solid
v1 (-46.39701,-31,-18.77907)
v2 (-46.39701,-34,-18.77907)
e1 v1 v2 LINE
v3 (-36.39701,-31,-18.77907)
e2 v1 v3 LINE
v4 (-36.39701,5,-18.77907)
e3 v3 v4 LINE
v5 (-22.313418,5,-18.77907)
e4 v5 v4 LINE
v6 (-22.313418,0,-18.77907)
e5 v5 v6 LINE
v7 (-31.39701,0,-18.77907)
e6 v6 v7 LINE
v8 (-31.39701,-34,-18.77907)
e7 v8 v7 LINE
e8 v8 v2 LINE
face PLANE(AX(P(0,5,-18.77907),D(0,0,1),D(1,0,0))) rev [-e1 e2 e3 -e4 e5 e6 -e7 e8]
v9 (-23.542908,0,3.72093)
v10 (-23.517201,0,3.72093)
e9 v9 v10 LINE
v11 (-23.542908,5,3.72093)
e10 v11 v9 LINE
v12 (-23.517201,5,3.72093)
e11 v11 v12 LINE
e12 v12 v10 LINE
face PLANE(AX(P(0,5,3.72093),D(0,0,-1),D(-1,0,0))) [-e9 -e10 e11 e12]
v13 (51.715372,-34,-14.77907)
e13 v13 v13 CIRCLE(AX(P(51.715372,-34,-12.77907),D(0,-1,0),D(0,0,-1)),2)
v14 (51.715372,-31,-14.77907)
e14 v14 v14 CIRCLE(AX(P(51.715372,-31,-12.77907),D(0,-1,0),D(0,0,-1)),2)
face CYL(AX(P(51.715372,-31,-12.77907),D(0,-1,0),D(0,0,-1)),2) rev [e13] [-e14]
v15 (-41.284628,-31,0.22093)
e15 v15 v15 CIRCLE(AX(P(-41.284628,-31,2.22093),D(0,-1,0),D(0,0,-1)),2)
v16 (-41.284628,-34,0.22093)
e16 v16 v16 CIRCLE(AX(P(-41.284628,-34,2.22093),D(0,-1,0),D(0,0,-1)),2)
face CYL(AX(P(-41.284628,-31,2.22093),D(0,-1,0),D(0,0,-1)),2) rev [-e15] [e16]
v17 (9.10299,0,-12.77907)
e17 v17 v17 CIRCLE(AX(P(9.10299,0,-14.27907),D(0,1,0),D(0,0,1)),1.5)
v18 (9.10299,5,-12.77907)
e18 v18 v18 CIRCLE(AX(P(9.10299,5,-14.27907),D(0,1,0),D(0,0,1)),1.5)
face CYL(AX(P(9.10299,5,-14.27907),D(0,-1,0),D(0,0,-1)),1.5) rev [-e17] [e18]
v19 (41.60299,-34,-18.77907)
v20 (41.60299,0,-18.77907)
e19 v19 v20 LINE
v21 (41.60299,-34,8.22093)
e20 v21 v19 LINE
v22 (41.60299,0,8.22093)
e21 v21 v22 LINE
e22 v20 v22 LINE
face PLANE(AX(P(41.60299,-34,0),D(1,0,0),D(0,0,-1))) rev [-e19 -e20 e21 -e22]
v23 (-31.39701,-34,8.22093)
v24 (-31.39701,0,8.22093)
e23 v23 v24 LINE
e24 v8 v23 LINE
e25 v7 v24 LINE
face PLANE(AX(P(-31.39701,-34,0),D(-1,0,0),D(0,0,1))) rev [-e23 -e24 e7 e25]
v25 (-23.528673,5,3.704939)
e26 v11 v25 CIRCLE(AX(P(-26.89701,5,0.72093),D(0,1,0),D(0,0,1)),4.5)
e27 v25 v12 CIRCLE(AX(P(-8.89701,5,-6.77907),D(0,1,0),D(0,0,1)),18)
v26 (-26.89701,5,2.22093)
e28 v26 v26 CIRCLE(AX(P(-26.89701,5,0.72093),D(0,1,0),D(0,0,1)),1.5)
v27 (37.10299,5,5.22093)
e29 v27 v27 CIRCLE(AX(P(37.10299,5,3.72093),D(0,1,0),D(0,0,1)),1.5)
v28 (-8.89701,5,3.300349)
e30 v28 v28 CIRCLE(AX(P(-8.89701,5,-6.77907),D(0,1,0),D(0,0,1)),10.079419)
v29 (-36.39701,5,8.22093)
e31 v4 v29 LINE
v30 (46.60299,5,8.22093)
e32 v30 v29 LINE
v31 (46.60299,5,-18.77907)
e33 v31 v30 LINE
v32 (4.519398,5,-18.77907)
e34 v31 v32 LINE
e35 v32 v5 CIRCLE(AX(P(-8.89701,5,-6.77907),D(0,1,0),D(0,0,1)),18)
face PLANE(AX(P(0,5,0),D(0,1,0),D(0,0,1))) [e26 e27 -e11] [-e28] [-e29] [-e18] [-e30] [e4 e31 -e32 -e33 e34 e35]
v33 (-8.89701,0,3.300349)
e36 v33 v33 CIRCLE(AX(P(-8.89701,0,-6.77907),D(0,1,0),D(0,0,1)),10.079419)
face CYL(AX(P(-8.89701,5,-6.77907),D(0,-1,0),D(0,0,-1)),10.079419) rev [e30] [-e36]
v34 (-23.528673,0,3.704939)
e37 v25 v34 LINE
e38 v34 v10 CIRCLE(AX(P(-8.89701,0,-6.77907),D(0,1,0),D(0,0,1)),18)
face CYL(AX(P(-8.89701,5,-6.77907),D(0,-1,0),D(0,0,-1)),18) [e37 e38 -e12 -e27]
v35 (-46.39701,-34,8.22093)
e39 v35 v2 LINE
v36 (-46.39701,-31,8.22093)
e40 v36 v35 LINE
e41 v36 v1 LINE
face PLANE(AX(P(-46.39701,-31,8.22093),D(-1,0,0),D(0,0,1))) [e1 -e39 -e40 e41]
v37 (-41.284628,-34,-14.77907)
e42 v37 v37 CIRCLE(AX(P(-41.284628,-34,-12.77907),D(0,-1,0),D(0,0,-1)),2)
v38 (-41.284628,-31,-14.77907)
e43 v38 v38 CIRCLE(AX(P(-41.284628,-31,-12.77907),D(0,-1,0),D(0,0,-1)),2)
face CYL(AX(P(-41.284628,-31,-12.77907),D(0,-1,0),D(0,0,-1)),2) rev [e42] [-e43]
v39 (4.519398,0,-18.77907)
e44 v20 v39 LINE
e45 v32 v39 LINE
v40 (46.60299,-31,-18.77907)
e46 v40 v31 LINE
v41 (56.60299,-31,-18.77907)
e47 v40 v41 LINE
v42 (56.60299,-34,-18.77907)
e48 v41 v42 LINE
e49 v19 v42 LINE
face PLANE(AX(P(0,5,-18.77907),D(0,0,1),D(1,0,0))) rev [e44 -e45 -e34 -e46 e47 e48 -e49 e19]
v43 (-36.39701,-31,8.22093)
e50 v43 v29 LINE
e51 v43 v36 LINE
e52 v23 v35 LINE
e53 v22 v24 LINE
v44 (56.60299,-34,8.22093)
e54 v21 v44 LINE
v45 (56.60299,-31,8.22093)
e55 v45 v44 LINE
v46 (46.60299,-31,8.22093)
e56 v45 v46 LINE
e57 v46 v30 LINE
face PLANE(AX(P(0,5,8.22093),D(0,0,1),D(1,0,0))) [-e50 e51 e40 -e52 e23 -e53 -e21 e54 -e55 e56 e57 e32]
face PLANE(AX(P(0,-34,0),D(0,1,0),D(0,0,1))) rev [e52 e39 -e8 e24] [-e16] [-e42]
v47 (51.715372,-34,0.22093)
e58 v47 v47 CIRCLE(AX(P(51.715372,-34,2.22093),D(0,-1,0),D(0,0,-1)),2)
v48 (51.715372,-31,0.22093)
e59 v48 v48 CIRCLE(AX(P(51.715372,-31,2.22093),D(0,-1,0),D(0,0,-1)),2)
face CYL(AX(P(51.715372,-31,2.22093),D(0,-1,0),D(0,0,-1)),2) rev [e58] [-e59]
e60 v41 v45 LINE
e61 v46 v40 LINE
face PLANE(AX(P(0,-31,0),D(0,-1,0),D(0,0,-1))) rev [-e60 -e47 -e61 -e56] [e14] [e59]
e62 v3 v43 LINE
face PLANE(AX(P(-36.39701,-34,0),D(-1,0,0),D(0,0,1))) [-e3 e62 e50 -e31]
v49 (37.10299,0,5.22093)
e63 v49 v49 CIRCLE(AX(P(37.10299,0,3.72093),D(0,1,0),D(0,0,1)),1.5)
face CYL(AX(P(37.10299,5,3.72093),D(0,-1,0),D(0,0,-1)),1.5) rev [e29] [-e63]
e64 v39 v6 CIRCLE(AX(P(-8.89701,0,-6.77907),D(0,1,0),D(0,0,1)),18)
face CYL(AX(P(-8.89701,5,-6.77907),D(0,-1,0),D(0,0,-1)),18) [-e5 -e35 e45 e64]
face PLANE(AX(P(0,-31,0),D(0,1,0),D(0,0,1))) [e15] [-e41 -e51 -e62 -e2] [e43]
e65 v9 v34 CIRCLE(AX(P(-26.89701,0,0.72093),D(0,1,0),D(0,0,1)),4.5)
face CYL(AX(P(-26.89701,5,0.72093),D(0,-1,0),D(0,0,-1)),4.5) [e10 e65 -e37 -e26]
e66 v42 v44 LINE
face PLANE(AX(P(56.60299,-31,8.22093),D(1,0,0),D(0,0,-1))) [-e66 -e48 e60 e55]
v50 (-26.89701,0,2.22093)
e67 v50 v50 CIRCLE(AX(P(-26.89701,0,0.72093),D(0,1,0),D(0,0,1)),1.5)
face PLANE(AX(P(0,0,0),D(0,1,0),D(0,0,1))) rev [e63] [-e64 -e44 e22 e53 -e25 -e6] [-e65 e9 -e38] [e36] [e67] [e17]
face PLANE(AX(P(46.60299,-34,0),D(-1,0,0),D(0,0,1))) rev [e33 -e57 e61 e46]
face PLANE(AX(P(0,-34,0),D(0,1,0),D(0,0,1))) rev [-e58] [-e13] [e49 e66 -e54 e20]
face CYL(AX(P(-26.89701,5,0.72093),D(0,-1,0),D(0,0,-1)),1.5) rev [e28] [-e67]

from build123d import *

# Parameters (mm, degrees)
SKETCH1_R           = 1.5
SKETCH1_R_2         = 10.079418918
BOSS_EXTRUDE1_DEPTH = 5
SKETCH2_W           = 5
SKETCH2_H           = 27
BOSS_EXTRUDE2_DEPTH = 39
SKETCH3_W           = 10
SKETCH3_H           = 27
SKETCH3_R           = 2
BOSS_EXTRUDE3_DEPTH = 3


with BuildPart() as part:
    # Sketch1 → Boss-Extrude1 (new body)
    with BuildSketch(Plane(origin=(0, 0, 0), x_dir=(1, 0, 0), z_dir=(0, 1, 0))):
        with BuildLine():
            Line((41.602990033, 18.779069767), (4.519397898, 18.779069767))
            ThreePointArc((4.519397898, 18.779069767), (-8.897009967, 24.779069767), (-22.313417832, 18.779069767))
            Line((-22.313417832, 18.779069767), (-31.397009967, 18.779069767))
            Line((-31.397009967, 18.779069767), (-31.397009967, -8.220930233))
            Line((-31.397009967, -8.220930233), (41.602990033, -8.220930233))
            Line((41.602990033, -8.220930233), (41.602990033, 18.779069767))
        make_face()
        with BuildLine():
            ThreePointArc((-23.542908001, -3.720930233), (-23.535781037, -3.712942946), (-23.528673093, -3.704938729))
            ThreePointArc((-23.528673093, -3.704938729), (-23.522939474, -3.712936049), (-23.517201484, -3.720930233))
            Line((-23.517201484, -3.720930233), (-23.542908001, -3.720930233))
        make_face(mode=Mode.SUBTRACT)
        with Locations(Location((-26.897009967, -0.720930233, 0), (0, 0, 270))):
            Circle(SKETCH1_R, mode=Mode.SUBTRACT)
        with Locations(Location((37.102990033, -3.720930233, 0), (0, 0, 270))):
            Circle(SKETCH1_R, mode=Mode.SUBTRACT)
        with Locations(Location((-8.897009967, 6.779069767, 0), (0, 0, 270))):
            Circle(SKETCH1_R_2, mode=Mode.SUBTRACT)
        with Locations(Location((9.102990033, 14.279069767, 0), (0, 0, 270))):
            Circle(SKETCH1_R, mode=Mode.SUBTRACT)
    extrude(amount=BOSS_EXTRUDE1_DEPTH)

    # Sketch2 → Boss-Extrude2 (add)
    with BuildSketch(Plane(origin=(0, 5, 0), x_dir=(1, 0, 0), z_dir=(0, 1, 0))):
        with Locations((-33.897009967, 5.279069767)):
            Rectangle(SKETCH2_W, SKETCH2_H)
        with Locations((44.102990033, 5.279069767)):
            Rectangle(SKETCH2_W, SKETCH2_H)
    extrude(amount=-BOSS_EXTRUDE2_DEPTH)

    # Sketch3 → Boss-Extrude3 (add)
    # profile 1 of 2: a face of its own
    with BuildSketch(Plane.XZ.offset(34)):
        with Locations((51.602990033, -5.279069767)):
            Rectangle(SKETCH3_W, SKETCH3_H)
        with Locations(Location((51.715372218, 2.220930233, 0), (0, 0, 270))):
            Circle(SKETCH3_R, mode=Mode.SUBTRACT)
        with Locations(Location((51.715372218, -12.779069767, 0), (0, 0, 270))):
            Circle(SKETCH3_R, mode=Mode.SUBTRACT)
    # profile 2 of 2: a face of its own
    with BuildSketch(Plane.XZ.offset(34)):
        with Locations((-41.397009967, -5.279069767)):
            Rectangle(SKETCH3_W, SKETCH3_H)
        with Locations(Location((-41.284627782, 2.220930233, 0), (0, 0, 270))):
            Circle(SKETCH3_R, mode=Mode.SUBTRACT)
        with Locations(Location((-41.284627782, -12.779069767, 0), (0, 0, 270))):
            Circle(SKETCH3_R, mode=Mode.SUBTRACT)
    extrude(amount=-BOSS_EXTRUDE3_DEPTH)


solid = part.part
